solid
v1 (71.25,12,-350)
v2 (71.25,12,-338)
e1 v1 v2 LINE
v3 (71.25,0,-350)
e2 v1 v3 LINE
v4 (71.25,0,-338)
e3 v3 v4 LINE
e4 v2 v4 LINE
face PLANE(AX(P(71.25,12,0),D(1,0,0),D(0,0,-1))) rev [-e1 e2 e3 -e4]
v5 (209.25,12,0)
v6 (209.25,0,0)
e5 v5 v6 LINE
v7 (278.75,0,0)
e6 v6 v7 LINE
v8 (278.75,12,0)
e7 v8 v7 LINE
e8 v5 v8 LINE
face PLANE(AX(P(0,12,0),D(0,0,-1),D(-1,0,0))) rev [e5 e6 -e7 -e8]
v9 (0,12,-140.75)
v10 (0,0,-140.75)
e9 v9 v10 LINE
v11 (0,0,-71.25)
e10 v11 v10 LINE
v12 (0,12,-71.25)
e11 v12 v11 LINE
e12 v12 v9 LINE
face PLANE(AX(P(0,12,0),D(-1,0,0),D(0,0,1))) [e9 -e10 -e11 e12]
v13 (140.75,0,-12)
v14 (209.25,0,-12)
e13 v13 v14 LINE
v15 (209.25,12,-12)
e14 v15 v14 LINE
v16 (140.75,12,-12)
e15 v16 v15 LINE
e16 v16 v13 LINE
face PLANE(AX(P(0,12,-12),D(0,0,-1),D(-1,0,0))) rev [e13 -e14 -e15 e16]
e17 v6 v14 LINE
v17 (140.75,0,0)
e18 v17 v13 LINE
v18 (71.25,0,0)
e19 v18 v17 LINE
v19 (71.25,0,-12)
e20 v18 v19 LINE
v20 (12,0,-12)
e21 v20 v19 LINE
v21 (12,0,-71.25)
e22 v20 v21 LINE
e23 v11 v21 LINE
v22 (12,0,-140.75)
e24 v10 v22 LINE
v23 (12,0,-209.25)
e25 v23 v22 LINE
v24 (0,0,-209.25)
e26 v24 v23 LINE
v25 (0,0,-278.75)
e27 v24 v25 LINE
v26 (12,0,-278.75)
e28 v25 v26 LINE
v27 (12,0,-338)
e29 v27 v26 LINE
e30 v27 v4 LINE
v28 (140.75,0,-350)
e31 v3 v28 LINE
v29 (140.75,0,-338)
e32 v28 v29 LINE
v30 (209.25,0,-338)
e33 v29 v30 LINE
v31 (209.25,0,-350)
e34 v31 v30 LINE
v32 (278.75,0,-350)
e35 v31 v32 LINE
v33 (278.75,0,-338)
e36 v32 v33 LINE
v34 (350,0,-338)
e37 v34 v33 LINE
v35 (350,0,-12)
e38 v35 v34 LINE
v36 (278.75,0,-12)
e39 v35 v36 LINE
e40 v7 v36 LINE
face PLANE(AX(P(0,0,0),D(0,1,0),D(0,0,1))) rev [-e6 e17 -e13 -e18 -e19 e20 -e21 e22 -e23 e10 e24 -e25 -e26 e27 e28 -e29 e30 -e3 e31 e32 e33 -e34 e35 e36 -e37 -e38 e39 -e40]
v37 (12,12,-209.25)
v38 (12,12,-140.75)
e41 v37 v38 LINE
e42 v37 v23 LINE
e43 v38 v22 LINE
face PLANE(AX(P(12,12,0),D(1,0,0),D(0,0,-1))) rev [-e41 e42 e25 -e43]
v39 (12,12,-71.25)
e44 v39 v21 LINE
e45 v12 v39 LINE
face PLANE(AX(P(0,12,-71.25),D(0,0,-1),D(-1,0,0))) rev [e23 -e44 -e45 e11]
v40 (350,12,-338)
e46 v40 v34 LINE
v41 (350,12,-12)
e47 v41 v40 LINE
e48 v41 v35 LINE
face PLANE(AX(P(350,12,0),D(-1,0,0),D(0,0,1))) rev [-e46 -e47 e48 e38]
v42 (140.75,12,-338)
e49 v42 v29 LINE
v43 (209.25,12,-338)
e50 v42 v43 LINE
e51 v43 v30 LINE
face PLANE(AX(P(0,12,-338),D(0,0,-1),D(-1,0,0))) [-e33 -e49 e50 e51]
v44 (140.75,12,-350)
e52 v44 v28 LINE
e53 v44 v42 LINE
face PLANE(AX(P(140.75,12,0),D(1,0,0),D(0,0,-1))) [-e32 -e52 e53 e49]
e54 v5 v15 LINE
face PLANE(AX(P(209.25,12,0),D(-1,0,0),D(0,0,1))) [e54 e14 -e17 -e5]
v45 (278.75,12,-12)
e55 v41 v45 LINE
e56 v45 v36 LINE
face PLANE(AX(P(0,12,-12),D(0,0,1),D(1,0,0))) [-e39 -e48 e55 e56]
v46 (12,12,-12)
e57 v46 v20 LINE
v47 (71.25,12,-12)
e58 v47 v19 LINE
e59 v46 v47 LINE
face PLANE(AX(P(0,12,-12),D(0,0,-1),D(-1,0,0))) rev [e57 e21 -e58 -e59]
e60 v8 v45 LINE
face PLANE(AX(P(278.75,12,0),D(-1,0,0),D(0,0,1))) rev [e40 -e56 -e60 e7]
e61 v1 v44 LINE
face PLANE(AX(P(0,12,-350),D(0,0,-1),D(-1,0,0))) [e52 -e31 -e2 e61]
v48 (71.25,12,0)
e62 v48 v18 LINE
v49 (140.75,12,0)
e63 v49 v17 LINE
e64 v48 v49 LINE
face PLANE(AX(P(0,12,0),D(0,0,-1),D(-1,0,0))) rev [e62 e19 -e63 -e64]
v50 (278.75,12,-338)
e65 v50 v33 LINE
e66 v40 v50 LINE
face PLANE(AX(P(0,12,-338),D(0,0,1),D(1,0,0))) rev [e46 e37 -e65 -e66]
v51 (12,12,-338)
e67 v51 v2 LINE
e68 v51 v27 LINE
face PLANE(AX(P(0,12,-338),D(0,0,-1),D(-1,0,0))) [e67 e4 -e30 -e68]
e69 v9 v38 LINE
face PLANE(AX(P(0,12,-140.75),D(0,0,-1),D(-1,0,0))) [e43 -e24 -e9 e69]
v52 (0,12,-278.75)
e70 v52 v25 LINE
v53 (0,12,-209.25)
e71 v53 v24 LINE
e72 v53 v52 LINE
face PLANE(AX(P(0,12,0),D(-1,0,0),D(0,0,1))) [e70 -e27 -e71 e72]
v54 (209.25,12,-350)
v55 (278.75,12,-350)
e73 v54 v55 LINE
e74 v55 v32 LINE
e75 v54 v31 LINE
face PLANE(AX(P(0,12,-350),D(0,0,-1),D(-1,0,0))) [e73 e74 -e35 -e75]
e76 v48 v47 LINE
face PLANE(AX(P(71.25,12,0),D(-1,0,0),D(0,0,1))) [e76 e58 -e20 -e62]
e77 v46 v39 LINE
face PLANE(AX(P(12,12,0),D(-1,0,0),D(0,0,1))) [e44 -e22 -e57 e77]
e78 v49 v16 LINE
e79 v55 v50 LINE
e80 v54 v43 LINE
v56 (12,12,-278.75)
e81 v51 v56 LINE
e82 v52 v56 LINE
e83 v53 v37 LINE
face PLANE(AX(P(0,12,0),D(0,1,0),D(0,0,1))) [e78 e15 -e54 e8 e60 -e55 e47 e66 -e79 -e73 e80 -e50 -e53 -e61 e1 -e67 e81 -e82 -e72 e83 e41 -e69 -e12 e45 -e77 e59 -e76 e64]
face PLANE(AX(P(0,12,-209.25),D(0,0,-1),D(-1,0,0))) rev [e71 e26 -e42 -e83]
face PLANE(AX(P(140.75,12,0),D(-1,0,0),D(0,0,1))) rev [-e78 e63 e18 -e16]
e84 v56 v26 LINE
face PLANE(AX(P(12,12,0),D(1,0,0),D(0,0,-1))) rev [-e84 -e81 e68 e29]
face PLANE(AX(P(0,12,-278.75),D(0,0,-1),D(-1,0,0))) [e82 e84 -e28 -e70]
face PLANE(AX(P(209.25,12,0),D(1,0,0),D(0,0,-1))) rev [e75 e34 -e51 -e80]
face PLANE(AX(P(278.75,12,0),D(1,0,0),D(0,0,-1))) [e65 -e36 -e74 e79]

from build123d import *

# Parameters (mm, degrees)
BOSS_EXTRUDE1_DEPTH = 12


with BuildPart() as part:
    # Sketch1 → Boss-Extrude1 (new body)
    with BuildSketch(Plane(origin=(0, 0, 0), x_dir=(1, 0, 0), z_dir=(0, 1, 0))):
        Polygon((12, 12), (12, 71.25), (0, 71.25), (0, 140.75), (12, 140.75), (12, 209.25), (0, 209.25), (0, 278.75), (12, 278.75), (12, 338), (71.25, 338), (71.25, 350), (140.75, 350), (140.75, 338), (209.25, 338), (209.25, 350), (278.75, 350), (278.75, 338), (350, 338), (350, 12), (278.75, 12), (278.75, 0), (209.25, 0), (209.25, 12), (140.75, 12), (140.75, 0), (71.25, 0), (71.25, 12), align=None)
    extrude(amount=BOSS_EXTRUDE1_DEPTH)


solid = part.part
